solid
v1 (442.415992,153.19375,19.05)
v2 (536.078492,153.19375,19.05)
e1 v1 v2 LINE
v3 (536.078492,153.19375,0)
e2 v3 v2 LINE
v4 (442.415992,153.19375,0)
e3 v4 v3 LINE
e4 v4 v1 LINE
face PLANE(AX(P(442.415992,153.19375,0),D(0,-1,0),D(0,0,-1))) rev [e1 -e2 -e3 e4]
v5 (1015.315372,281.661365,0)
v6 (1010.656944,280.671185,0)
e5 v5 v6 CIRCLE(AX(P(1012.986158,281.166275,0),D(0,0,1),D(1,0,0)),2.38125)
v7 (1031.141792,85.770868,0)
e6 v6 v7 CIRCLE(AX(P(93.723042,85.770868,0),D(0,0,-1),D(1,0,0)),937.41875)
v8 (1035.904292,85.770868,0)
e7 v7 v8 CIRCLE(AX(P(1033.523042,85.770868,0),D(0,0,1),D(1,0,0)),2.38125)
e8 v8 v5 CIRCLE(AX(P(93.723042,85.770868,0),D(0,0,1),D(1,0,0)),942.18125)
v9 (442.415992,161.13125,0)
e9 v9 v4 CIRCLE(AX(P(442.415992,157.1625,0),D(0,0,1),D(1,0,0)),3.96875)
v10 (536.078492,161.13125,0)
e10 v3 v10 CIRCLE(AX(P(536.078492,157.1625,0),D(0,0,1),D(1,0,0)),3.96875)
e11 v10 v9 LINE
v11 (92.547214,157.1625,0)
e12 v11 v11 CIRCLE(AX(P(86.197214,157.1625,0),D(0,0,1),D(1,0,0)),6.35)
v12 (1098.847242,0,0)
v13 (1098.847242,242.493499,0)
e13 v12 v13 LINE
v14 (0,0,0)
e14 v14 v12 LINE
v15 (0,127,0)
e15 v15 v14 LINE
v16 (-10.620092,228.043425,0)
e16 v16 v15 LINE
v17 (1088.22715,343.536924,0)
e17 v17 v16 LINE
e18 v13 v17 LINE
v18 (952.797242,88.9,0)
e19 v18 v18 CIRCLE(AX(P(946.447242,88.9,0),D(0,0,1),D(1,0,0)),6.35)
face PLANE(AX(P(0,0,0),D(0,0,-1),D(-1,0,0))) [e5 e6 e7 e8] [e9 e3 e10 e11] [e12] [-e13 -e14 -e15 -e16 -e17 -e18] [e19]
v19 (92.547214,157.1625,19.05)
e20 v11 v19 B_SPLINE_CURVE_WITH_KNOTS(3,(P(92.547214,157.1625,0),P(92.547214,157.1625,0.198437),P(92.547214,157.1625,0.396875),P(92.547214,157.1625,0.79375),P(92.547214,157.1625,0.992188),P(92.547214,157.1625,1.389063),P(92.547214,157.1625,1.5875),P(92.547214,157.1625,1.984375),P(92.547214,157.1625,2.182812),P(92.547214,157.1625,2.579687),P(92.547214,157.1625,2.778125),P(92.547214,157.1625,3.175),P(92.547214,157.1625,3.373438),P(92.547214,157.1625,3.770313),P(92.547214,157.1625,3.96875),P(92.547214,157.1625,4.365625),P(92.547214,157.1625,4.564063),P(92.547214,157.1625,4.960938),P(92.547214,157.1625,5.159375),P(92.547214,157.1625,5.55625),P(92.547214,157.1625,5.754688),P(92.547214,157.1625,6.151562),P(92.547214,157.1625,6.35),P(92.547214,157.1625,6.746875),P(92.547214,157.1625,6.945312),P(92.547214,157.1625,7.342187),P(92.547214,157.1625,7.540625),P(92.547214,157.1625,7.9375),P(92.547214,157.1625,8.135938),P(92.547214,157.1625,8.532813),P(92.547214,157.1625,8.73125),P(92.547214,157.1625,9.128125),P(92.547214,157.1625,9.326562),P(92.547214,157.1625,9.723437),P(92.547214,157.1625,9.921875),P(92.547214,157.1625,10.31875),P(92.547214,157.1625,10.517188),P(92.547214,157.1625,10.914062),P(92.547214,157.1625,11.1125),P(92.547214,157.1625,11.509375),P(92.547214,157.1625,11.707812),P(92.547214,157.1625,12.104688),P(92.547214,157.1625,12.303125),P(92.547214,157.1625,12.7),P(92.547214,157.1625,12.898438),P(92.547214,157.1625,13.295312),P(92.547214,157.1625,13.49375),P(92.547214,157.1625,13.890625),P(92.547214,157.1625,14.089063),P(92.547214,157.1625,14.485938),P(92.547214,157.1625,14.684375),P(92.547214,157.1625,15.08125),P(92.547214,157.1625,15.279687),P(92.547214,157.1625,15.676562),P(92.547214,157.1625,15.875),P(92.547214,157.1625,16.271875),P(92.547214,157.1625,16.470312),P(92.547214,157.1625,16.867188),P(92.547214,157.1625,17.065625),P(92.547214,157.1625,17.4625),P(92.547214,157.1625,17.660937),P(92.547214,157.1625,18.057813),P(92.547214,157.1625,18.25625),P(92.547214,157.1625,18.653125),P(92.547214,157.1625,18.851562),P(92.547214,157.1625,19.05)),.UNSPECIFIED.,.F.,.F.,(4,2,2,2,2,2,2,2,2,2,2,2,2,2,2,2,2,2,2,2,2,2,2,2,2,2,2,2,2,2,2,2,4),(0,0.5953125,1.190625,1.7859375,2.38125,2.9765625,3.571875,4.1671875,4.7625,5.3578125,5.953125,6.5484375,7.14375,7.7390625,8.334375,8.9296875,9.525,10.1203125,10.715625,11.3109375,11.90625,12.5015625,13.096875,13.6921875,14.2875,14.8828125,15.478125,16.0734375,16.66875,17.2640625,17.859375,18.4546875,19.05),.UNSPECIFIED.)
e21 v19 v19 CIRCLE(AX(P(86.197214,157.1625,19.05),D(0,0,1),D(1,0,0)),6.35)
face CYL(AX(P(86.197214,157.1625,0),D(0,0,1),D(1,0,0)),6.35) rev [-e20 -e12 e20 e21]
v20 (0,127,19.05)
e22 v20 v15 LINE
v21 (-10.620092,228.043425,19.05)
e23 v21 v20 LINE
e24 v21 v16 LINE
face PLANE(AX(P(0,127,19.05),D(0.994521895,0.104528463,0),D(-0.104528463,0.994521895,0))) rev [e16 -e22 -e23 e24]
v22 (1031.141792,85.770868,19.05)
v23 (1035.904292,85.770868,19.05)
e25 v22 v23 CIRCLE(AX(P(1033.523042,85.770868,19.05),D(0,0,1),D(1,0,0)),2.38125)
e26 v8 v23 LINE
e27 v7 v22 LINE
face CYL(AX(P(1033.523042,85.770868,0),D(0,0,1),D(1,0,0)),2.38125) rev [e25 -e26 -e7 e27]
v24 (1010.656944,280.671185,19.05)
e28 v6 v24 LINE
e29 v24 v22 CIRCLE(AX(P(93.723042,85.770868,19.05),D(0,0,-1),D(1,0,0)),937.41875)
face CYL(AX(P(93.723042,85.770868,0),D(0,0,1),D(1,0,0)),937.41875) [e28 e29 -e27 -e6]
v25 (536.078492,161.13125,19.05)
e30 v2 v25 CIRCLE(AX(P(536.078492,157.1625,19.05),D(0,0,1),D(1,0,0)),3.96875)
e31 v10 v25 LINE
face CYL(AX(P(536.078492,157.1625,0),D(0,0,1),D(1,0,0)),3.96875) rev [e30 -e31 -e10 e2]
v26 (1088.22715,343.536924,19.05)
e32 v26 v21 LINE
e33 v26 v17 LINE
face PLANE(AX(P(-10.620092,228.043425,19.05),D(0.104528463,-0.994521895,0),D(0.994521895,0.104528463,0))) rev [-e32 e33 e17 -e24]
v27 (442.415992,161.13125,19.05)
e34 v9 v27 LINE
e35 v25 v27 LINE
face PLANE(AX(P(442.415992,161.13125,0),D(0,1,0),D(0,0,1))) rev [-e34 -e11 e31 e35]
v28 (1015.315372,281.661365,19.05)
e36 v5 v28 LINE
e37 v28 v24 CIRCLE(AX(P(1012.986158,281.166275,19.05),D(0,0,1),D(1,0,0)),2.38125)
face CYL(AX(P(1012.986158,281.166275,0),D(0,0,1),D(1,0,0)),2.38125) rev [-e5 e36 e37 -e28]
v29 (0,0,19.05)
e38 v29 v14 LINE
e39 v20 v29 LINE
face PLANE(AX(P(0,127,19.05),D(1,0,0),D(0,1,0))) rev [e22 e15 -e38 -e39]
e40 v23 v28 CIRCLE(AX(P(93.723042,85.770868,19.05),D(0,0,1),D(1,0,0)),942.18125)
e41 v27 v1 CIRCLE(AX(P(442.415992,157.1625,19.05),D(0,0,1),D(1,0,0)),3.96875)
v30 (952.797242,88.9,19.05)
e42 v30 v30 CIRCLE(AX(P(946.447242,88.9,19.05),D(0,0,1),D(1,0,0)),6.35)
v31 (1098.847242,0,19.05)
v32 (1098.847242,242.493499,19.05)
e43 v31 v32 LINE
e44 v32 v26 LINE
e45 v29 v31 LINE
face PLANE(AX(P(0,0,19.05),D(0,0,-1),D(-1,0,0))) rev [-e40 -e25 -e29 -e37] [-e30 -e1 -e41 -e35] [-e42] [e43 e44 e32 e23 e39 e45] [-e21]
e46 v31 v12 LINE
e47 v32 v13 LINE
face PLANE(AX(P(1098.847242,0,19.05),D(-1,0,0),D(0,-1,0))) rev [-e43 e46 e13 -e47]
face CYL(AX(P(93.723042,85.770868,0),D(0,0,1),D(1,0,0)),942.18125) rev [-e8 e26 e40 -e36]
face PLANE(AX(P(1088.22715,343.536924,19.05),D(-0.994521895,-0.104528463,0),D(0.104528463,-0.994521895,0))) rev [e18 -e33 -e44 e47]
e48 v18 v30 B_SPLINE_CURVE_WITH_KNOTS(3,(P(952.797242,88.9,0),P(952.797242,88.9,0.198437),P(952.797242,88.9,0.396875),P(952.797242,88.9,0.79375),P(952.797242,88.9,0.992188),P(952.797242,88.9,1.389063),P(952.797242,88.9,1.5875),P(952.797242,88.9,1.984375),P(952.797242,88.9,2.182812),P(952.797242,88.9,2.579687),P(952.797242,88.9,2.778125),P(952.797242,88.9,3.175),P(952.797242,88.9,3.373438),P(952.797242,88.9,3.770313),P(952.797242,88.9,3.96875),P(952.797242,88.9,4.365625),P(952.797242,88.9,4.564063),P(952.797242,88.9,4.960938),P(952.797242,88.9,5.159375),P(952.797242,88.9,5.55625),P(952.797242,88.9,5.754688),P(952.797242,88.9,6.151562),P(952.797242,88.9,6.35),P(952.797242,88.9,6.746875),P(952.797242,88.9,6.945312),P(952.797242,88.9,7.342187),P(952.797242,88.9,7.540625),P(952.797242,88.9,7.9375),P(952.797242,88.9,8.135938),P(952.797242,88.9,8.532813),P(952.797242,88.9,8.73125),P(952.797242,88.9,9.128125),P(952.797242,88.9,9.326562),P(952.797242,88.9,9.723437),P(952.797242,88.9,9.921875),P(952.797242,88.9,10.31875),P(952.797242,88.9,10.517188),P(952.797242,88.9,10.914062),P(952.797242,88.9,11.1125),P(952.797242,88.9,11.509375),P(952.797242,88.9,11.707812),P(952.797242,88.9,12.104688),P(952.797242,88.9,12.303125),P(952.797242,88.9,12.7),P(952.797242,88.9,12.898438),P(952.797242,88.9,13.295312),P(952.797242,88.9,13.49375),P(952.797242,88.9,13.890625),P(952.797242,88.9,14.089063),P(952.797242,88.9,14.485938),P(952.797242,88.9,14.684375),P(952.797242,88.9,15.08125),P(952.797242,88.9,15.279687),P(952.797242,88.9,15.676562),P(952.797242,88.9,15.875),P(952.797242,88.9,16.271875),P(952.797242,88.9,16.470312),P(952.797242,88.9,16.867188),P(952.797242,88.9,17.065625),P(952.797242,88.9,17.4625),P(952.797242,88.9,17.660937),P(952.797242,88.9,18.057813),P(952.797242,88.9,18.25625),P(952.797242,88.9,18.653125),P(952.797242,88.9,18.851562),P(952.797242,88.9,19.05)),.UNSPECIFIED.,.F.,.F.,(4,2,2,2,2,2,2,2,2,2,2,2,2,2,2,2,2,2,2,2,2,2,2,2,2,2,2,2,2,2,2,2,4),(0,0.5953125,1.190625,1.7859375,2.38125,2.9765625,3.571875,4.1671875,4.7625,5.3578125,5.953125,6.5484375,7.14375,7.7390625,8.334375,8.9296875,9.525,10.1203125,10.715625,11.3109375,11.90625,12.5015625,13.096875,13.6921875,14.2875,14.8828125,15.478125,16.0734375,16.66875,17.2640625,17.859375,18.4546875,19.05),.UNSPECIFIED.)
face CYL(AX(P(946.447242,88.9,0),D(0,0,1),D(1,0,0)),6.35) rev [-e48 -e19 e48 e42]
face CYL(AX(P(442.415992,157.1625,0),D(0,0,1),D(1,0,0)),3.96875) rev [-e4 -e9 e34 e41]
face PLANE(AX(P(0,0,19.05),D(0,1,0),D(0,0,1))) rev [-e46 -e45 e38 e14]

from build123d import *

# Parameters (mm, degrees)
BOSS_EXTRUDE1_DEPTH = 19.05
SKETCH8_R           = 6.35
CUT_EXTRUDE3_DEPTH  = 1152.453768969
CUT_EXTRUDE4_DEPTH  = 1152.453768969
SKETCH10_R          = 6.35
CUT_EXTRUDE5_DEPTH  = 1152.453768969


with BuildPart() as part:
    # Sketch1 → Boss-Extrude1 (new body)
    with BuildSketch(Plane.XY):
        Polygon((-10.620091868, 228.043424569), (1088.227150324, 343.536923634), (1098.847242192, 242.493499064), (1098.847242192, 0), (0, 0), (0, 127), align=None)
    extrude(amount=BOSS_EXTRUDE1_DEPTH)

    # Sketch8 → Cut-Extrude3 (cut, through all)
    with BuildSketch(Plane.XY.offset(19.05)):
        with Locations((86.197214357, 157.1625)):
            Circle(SKETCH8_R)
        with BuildLine():
            Line((442.415992192, 161.13125), (536.078492192, 161.13125))
            ThreePointArc((536.078492192, 161.13125), (540.047242192, 157.1625), (536.078492192, 153.19375))
            Line((536.078492192, 153.19375), (442.415992192, 153.19375))
            ThreePointArc((442.415992192, 153.19375), (438.447242192, 157.1625), (442.415992192, 161.13125))
        make_face()
    extrude(amount=-CUT_EXTRUDE3_DEPTH, mode=Mode.SUBTRACT)

    # Sketch9 → Cut-Extrude4 (cut, through all)
    with BuildSketch(Plane.XY.offset(19.05)):
        with BuildLine():
            ThreePointArc((1035.904292432, 85.7708681), (1030.742924963, 184.255626282), (1015.315371576, 281.661364844))
            ThreePointArc((1015.315371576, 281.661364844), (1012.491067888, 283.495489105), (1010.656943627, 280.671185417))
            ThreePointArc((1010.656943627, 280.671185417), (1026.006514436, 183.757809476), (1031.141792432, 85.7708681))
            ThreePointArc((1031.141792432, 85.7708681), (1033.523042432, 83.3896181), (1035.904292432, 85.7708681))
        make_face()
    extrude(amount=-CUT_EXTRUDE4_DEPTH, mode=Mode.SUBTRACT)

    # Sketch10 → Cut-Extrude5 (cut, through all)
    with BuildSketch(Plane.XY.offset(19.05)):
        with Locations((946.447242192, 88.9)):
            Circle(SKETCH10_R)
    extrude(amount=-CUT_EXTRUDE5_DEPTH, mode=Mode.SUBTRACT)


solid = part.part
